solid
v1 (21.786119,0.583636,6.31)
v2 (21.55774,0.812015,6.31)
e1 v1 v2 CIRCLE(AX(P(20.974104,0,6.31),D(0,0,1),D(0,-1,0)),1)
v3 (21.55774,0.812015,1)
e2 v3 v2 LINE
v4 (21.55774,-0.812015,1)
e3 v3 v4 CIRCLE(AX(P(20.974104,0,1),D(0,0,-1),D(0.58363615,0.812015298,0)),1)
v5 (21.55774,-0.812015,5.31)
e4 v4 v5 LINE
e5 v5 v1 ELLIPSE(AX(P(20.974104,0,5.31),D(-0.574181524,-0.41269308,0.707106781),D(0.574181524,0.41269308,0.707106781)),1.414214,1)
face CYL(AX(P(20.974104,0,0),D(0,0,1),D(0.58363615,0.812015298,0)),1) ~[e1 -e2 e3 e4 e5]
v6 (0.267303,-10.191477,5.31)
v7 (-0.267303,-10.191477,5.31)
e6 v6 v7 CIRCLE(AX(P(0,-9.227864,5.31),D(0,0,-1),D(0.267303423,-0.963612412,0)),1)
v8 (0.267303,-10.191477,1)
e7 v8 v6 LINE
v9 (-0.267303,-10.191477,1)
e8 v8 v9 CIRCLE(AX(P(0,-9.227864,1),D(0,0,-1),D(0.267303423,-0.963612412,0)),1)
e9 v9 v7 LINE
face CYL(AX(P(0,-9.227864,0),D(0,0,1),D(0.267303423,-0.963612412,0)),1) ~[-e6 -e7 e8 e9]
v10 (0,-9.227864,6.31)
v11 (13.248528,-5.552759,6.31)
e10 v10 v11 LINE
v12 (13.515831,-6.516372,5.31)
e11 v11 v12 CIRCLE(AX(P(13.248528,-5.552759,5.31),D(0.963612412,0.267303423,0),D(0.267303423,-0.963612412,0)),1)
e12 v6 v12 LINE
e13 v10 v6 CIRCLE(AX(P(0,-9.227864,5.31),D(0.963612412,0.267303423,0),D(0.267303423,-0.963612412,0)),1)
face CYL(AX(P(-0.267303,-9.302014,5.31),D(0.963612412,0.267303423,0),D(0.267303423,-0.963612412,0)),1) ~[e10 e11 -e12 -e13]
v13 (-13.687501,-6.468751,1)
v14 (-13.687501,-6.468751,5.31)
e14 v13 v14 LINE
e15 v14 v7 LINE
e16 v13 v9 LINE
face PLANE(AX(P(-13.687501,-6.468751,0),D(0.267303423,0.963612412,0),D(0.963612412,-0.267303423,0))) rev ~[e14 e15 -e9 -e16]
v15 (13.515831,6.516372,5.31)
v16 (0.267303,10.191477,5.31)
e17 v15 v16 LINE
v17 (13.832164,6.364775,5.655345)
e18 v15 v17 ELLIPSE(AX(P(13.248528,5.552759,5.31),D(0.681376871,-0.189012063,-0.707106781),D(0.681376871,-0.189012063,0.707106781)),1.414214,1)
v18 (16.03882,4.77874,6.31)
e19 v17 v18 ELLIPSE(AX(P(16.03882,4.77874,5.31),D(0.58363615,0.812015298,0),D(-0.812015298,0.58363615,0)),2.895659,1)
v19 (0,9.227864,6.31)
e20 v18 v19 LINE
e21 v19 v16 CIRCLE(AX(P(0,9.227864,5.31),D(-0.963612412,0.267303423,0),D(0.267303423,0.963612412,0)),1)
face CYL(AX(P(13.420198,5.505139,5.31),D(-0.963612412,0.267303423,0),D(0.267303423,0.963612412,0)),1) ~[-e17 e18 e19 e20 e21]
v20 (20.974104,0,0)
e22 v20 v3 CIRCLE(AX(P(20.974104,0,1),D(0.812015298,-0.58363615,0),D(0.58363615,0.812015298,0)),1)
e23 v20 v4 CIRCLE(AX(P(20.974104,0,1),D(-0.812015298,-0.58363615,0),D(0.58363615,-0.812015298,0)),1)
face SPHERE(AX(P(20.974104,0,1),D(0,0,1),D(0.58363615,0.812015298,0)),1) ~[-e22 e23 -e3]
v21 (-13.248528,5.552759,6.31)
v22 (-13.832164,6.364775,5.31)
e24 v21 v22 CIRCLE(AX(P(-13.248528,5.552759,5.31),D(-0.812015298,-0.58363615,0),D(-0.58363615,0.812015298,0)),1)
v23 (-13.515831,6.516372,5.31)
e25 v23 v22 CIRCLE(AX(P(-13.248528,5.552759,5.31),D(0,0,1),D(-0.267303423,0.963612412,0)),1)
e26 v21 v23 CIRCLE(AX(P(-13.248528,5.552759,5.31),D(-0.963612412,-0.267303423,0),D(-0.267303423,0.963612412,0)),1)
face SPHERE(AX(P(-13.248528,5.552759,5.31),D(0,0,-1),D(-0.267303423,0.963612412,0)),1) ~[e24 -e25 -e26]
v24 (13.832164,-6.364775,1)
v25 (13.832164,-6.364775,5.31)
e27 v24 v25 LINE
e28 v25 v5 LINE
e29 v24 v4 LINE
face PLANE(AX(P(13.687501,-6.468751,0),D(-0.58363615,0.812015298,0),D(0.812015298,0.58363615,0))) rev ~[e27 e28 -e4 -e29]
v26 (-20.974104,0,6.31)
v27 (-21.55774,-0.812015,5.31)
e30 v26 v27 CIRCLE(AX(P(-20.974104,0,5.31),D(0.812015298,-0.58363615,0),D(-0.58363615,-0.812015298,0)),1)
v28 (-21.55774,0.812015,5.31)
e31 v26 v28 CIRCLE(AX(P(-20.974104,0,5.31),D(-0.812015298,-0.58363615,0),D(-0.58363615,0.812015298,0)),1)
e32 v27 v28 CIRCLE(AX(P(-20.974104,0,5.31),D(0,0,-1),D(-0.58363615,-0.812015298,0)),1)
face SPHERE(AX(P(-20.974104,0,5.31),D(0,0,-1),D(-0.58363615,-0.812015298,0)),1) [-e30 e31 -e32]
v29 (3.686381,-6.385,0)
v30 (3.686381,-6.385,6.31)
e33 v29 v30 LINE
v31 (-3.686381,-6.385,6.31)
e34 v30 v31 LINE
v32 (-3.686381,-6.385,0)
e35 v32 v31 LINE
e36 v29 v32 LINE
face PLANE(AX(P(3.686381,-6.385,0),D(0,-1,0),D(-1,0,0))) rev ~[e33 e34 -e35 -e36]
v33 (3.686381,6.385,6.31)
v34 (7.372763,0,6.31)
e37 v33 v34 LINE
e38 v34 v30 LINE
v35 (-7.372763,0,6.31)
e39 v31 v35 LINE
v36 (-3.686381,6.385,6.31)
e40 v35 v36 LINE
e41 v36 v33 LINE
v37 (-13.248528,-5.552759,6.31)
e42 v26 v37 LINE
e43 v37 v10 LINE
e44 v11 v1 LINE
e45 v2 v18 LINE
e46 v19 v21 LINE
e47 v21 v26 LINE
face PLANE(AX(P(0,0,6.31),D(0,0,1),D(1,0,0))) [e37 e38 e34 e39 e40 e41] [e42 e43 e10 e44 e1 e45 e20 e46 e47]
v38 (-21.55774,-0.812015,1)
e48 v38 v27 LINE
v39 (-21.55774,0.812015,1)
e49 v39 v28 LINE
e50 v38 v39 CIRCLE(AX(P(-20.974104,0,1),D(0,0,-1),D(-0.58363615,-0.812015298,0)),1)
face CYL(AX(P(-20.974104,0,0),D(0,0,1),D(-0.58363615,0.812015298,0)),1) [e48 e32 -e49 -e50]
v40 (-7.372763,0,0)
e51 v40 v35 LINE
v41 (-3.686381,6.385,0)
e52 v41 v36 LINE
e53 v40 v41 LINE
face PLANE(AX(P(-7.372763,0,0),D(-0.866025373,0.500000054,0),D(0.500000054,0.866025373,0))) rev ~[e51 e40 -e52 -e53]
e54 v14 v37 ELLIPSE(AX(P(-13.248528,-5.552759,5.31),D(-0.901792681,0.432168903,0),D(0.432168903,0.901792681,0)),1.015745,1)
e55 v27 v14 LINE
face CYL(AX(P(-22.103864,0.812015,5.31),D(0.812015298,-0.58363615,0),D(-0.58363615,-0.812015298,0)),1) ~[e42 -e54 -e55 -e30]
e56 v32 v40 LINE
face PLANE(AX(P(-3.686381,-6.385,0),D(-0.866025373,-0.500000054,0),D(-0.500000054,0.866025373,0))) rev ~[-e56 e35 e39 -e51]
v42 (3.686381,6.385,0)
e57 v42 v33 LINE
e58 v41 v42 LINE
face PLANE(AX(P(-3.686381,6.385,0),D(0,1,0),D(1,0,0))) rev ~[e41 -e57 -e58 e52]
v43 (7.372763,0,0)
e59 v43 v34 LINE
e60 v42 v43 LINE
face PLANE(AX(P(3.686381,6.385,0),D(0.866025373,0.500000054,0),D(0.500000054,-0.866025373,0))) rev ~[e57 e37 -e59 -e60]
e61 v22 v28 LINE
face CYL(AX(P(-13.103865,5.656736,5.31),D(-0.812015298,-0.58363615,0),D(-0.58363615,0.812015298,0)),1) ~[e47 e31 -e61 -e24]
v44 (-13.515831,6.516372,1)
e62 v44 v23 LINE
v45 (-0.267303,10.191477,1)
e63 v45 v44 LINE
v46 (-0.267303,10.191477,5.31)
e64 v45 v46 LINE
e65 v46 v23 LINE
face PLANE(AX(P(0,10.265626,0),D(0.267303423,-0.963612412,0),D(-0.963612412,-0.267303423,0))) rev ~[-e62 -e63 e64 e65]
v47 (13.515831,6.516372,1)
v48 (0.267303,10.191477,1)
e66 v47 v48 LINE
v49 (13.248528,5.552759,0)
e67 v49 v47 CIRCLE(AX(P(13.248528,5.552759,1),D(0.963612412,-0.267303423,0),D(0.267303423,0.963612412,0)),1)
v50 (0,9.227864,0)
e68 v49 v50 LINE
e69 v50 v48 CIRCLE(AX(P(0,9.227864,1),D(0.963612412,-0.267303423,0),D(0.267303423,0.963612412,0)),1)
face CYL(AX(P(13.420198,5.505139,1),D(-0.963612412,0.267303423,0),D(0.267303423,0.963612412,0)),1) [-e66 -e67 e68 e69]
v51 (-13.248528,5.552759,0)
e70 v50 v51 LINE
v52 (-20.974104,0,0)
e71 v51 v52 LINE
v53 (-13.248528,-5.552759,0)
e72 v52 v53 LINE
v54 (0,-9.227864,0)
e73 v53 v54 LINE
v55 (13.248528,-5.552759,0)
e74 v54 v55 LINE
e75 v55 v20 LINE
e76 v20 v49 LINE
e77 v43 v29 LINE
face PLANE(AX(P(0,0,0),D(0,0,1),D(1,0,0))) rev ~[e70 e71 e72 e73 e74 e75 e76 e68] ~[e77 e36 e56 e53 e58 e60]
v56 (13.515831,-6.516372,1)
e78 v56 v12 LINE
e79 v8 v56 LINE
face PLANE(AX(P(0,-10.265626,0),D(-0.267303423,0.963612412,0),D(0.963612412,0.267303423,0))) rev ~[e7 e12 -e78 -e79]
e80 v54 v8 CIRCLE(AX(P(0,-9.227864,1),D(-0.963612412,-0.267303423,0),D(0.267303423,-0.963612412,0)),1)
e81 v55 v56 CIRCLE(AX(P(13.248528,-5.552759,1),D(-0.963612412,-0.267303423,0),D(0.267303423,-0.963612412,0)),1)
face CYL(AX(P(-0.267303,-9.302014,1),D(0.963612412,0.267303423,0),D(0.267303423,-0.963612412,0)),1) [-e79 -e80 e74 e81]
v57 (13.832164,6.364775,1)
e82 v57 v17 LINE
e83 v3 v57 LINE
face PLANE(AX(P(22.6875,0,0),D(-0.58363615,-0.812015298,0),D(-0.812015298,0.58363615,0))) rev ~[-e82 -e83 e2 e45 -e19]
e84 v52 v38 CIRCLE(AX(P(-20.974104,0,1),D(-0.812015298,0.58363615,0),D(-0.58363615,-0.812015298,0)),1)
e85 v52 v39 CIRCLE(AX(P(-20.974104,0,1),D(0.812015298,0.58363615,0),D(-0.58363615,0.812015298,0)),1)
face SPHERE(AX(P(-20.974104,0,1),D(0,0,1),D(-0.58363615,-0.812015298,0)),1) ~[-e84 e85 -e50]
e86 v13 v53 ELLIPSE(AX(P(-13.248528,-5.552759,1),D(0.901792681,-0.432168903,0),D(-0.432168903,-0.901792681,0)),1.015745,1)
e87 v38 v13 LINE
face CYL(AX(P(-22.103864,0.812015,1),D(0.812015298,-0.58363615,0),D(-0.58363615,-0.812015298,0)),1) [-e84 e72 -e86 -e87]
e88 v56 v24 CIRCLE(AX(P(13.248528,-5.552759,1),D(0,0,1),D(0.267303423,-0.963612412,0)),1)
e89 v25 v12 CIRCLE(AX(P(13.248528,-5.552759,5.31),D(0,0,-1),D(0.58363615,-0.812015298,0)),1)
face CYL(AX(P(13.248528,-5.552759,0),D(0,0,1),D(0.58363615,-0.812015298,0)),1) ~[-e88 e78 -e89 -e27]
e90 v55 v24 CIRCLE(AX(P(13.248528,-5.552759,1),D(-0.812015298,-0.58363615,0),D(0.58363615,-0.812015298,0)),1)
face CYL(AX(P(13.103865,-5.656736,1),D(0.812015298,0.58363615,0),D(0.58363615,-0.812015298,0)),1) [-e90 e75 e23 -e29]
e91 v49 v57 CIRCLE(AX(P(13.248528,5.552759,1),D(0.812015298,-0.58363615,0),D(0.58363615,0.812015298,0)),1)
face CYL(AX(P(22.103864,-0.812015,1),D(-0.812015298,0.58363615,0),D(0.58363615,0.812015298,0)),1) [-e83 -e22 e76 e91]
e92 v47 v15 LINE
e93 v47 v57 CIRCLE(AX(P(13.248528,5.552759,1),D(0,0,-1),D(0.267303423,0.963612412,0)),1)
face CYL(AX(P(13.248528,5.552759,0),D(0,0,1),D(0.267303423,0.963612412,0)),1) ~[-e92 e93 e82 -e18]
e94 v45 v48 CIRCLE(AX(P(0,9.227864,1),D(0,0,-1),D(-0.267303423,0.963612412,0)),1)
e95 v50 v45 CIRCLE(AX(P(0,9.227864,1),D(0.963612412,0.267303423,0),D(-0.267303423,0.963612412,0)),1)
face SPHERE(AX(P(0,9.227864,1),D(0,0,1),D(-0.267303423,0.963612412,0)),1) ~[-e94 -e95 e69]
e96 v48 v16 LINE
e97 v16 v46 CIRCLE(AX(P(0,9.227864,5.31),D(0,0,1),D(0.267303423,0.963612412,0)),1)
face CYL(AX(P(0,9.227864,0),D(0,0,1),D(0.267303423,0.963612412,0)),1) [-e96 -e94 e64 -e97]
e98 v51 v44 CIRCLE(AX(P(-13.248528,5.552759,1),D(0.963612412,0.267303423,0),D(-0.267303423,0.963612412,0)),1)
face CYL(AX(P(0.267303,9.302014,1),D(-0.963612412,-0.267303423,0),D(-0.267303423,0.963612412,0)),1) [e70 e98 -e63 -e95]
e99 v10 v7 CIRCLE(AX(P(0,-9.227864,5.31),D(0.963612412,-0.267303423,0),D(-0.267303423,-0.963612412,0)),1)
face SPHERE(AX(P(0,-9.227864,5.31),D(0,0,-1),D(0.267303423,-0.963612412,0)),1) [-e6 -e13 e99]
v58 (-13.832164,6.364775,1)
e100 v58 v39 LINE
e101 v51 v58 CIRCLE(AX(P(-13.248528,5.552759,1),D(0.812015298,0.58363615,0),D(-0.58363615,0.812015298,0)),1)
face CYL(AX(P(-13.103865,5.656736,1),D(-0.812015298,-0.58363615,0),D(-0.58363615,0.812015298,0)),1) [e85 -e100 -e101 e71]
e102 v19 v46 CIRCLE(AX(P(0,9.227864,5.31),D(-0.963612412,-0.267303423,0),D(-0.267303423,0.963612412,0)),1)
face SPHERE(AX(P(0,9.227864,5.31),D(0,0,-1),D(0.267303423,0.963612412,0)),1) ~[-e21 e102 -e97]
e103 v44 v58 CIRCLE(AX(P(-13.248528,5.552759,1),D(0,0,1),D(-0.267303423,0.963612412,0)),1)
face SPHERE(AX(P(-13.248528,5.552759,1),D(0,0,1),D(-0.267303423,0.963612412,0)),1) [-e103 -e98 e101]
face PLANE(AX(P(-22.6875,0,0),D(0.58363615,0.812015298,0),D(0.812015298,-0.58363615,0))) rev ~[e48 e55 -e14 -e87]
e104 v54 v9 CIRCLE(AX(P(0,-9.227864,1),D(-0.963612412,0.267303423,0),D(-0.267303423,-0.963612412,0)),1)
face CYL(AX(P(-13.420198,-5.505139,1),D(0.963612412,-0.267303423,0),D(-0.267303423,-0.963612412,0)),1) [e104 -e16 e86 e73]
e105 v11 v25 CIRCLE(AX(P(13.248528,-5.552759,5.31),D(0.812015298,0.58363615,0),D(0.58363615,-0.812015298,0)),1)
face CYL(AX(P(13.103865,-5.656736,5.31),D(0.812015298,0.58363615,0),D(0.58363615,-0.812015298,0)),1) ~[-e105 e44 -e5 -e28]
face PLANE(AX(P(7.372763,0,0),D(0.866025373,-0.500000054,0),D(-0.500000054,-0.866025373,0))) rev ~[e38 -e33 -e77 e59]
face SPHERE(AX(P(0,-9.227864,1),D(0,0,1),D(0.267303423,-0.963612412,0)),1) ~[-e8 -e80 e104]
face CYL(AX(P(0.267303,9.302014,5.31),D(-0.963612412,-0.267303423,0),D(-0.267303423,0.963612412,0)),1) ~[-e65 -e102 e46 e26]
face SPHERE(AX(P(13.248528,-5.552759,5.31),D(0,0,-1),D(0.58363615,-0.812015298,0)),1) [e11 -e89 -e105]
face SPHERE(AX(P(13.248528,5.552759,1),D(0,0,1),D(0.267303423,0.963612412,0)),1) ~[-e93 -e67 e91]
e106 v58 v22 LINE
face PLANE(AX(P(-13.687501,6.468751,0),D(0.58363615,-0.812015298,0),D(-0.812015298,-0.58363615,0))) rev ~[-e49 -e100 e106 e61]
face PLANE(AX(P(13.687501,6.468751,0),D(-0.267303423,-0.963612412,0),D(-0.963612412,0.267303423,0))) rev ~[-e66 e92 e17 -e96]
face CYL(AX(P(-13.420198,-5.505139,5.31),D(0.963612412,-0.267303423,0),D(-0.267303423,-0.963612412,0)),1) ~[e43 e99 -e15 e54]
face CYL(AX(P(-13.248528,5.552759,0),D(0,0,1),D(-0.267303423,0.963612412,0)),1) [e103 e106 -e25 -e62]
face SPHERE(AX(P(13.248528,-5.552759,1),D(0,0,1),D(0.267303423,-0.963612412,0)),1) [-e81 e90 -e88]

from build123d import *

# Parameters (mm, degrees)
F1_DEPTH = 6.31
F2_R     = 1


with BuildPart() as f1:
    # F0 (on Top) → F1 (new body)
    with BuildSketch(Plane.XY):
        Polygon((13.687501, 6.468751), (0, 10.265626), (-13.687501, 6.468751), (-22.6875, 0), (-13.687501, -6.468751), (0, -10.265626), (13.687501, -6.468751), (22.6875, 0), align=None)
        Polygon((-7.372763, 0), (-3.686381, 6.385), (3.686381, 6.385), (7.372763, 0), (3.686381, -6.385), (-3.686381, -6.385), align=None, mode=Mode.SUBTRACT)
    extrude(amount=F1_DEPTH)

    # F2
    f2_edges = [f1.edges().sort_by_distance(p)[0] for p in [
        (-22.6875, 0, 3.155),
        (22.6875, 0, 3.155),
        (13.687501, -6.468751, 3.155),
        (0, -10.265626, 3.155),
        (-18.187501, -3.234375, 0),
        (0, 10.265626, 3.155),
        (13.687501, 6.468751, 3.155),
        (-13.687501, 6.468751, 3.155),
        (-6.84375, 8.367188, 0),
        (6.84375, 8.367188, 6.31),
        (6.84375, 8.367188, 0),
        (18.187501, 3.234375, 0),
        (18.187501, -3.234375, 6.31),
        (6.84375, -8.367188, 6.31),
        (-6.84375, -8.367188, 6.31),
        (-18.187501, -3.234375, 6.31),
        (-6.84375, 8.367188, 6.31),
        (-18.187501, 3.234375, 6.31),
        (-18.187501, 3.234375, 0),
        (6.84375, -8.367188, 0),
        (-6.84375, -8.367188, 0),
        (18.187501, -3.234375, 0),
    ]]
    fillet(f2_edges, radius=F2_R)


solid = f1.part
